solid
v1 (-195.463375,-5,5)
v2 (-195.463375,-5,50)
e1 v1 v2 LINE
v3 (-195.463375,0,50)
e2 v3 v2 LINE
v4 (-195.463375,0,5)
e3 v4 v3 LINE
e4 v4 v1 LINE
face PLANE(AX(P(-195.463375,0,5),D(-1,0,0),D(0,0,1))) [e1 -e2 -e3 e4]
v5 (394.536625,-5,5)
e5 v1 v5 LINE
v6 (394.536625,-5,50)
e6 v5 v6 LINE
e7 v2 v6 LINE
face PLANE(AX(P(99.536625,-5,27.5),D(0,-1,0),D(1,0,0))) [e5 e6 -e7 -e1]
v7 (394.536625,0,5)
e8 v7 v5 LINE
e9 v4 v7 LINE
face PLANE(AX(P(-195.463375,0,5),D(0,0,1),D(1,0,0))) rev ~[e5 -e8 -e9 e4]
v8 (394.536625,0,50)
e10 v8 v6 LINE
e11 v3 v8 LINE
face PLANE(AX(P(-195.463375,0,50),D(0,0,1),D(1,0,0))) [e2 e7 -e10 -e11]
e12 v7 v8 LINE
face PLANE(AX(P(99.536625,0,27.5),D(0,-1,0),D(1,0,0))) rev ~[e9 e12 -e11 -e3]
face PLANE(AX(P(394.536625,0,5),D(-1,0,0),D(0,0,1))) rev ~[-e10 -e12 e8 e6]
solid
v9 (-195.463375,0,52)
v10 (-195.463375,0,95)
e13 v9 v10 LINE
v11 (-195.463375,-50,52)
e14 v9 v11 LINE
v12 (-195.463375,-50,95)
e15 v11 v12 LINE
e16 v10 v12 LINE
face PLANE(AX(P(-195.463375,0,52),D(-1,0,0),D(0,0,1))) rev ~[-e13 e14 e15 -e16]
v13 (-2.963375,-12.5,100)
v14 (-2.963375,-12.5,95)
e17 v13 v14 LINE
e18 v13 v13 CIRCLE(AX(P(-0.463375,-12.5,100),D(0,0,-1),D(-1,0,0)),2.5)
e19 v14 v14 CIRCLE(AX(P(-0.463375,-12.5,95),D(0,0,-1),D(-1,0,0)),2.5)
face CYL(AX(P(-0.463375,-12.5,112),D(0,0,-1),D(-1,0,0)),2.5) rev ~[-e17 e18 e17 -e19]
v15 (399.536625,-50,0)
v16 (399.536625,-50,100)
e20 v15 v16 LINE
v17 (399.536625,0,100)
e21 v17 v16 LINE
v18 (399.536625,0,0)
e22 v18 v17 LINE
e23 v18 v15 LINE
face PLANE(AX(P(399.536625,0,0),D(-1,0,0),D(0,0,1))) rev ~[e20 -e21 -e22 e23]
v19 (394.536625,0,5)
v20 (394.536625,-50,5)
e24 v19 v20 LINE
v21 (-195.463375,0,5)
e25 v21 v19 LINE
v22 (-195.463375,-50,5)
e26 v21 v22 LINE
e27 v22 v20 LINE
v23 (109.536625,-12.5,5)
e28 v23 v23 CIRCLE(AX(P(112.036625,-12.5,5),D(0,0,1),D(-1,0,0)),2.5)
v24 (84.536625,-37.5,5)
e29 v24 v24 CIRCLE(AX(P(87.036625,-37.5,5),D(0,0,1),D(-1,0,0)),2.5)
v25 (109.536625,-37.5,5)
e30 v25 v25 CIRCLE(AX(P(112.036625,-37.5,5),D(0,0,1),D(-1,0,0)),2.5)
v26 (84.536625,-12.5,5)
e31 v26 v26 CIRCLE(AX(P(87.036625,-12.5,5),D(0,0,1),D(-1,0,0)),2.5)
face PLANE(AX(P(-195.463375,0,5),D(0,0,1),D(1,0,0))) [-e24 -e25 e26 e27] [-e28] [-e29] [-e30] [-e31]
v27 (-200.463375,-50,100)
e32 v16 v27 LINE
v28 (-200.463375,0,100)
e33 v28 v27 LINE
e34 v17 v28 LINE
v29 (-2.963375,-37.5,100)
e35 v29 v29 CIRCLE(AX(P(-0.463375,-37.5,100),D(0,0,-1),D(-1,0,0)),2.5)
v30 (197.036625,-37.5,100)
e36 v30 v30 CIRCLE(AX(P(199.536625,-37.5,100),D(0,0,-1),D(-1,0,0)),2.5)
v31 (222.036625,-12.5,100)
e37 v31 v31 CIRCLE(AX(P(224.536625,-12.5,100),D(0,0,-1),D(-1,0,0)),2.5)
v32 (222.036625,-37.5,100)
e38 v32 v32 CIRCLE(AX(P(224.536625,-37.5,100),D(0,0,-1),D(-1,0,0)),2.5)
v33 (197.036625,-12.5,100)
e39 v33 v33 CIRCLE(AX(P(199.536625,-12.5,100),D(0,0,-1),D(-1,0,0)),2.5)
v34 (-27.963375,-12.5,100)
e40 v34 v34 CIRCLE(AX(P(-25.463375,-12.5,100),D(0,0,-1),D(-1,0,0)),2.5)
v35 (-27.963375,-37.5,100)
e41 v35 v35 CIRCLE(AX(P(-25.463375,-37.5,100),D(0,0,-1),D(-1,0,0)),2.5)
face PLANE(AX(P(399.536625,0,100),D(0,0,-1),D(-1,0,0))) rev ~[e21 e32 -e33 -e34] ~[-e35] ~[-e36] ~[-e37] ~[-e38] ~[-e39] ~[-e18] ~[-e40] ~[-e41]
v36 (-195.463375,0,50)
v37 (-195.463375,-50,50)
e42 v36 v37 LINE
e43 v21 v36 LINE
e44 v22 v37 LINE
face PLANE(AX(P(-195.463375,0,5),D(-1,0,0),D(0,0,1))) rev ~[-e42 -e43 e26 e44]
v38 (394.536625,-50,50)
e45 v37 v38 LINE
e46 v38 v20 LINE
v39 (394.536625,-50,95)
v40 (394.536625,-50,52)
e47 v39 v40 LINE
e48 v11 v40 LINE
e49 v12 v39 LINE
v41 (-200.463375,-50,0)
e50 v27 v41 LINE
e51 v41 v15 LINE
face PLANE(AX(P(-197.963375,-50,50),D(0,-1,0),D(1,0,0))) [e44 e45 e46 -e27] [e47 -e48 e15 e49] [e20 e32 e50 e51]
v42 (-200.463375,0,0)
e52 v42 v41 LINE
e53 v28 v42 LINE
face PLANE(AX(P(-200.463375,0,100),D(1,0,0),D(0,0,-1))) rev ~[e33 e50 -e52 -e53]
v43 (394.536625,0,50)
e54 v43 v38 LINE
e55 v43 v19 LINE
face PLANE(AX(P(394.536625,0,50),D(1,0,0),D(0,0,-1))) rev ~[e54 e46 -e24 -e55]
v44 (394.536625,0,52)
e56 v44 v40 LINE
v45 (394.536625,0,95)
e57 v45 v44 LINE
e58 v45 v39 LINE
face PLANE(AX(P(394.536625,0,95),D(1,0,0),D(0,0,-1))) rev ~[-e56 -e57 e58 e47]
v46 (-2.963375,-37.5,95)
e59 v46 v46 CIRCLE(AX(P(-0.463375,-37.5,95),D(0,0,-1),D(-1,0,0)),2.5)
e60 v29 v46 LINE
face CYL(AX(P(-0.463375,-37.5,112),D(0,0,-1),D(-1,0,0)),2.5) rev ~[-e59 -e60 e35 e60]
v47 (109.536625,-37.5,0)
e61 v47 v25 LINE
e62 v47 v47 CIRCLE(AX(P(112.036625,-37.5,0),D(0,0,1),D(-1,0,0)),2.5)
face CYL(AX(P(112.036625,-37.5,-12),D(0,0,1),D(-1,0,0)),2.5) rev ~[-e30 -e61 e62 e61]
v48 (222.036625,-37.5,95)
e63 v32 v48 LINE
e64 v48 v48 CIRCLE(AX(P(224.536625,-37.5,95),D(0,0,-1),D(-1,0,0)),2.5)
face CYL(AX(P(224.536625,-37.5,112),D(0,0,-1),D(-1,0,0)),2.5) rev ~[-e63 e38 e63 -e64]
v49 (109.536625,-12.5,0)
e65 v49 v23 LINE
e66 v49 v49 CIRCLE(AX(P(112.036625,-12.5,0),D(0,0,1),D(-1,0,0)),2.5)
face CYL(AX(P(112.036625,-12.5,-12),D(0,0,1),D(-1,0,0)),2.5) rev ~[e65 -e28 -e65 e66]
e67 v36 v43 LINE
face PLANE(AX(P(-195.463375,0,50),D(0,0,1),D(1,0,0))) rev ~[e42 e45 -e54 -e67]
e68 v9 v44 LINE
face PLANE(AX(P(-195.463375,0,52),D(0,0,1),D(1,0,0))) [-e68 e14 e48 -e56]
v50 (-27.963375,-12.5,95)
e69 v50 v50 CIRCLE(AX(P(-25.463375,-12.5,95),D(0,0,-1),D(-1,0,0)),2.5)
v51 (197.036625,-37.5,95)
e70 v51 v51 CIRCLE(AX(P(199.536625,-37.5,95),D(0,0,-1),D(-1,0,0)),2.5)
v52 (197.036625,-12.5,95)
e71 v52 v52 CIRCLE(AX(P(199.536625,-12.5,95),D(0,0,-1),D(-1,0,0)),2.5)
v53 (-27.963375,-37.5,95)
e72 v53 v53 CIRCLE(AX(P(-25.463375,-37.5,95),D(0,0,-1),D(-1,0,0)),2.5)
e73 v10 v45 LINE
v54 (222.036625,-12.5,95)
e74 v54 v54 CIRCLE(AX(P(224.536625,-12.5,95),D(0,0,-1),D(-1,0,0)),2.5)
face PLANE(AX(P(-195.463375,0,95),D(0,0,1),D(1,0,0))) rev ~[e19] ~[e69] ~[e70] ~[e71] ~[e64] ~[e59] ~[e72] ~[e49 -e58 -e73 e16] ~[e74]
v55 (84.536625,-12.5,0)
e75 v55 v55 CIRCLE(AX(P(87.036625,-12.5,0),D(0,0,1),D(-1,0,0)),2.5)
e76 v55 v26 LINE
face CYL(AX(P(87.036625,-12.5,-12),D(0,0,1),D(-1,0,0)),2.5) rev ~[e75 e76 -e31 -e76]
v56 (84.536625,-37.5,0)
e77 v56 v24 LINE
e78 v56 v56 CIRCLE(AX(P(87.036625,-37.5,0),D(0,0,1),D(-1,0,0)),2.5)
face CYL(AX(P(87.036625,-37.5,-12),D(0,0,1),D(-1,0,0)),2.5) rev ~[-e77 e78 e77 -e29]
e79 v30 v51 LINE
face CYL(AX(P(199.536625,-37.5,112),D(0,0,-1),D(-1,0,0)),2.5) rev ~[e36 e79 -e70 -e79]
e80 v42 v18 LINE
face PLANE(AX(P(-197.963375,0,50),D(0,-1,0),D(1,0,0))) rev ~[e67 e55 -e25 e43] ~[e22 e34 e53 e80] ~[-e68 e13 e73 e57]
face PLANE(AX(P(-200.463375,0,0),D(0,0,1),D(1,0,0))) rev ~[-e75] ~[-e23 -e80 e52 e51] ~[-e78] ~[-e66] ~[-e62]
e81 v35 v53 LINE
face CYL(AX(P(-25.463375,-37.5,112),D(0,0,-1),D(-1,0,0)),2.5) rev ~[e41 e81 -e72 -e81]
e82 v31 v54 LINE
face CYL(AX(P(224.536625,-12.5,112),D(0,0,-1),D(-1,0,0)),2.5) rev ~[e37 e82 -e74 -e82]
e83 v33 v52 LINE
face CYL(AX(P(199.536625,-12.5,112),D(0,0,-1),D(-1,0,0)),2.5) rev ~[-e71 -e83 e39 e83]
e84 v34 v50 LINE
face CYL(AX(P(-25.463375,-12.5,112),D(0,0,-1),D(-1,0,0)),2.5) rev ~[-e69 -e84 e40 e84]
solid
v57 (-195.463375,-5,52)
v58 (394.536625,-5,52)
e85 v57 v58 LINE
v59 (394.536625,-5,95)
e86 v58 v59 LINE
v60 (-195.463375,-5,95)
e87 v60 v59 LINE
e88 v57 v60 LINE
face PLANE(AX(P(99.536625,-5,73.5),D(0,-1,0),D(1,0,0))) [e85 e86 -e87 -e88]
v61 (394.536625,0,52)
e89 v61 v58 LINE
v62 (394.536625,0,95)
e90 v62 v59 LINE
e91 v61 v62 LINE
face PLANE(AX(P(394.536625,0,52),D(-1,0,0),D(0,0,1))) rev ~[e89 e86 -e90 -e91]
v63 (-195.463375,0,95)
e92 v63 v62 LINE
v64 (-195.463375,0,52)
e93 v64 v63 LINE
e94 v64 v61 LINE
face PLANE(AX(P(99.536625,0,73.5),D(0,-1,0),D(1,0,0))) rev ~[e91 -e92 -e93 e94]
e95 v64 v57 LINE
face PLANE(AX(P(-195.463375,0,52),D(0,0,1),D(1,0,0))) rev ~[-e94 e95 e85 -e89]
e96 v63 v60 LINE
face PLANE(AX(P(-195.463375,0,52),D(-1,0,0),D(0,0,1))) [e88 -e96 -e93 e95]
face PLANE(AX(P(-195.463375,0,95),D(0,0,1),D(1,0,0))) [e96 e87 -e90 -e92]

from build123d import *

# Parameters (mm, degrees)
F0_W     = 590
F0_H     = 45
F1_DEPTH = 5
F0_H_2   = 43
F0_H_3   = 5
F0_H_4   = 2
F2_DEPTH = 50
F4_D     = 5
F4_DEPTH = 12
F4_TIP   = 1.5021515476
F6_D     = 5
F6_DEPTH = 12
F6_TIP   = 1.5021515476


with BuildPart() as f1:
    # F0 (on Front) → F1 (new body)
    with BuildSketch(Plane.XZ):
        with Locations((99.536625368, 27.5)):
            Rectangle(F0_W, F0_H)
    extrude(amount=F1_DEPTH)


with BuildPart() as f1b:
    # F0 (on Front) → F1, piece 2 (new body)
    with BuildSketch(Plane.XZ):
        with Locations((99.536625368, 73.5)):
            Rectangle(F0_W, F0_H_2)
    extrude(amount=F1_DEPTH)


with BuildPart() as f2:
    # F0 (on Front) → F2 (new body)
    with BuildSketch(Plane.XZ):
        Polygon((-200.463374632, 100), (-200.463374632, 0), (-195.463374632, 0), (-195.463374632, 5), (-195.463374632, 50), (-195.463374632, 52), (-195.463374632, 95), (-195.463374632, 100), align=None)
        with Locations((99.536625368, 2.5)):
            Rectangle(F0_W, F0_H_3)
        with Locations((99.536625368, 51)):
            Rectangle(F0_W, F0_H_4)
        with Locations((99.536625368, 97.5)):
            Rectangle(F0_W, F0_H_3)
        Polygon((394.536625368, 5), (394.536625368, 0), (399.536625368, 0), (399.536625368, 100), (394.536625368, 100), (394.536625368, 95), (394.536625368, 52), (394.536625368, 50), align=None)
    extrude(amount=F2_DEPTH)

    # F4
    with Locations(Plane(origin=(0, 0, 0), x_dir=(1, 0, 0), z_dir=(0, 0, -1))):
        with Locations((87.036625368, 37.5), (112.036625368, 37.5), (112.036625368, 12.5), (87.036625368, 12.5)):
            Hole(F4_D / 2, depth=F4_DEPTH)
            with Locations((0, 0, -(F4_DEPTH + F4_TIP / 2))):  # 118° drill point
                Cone(0, F4_D / 2, F4_TIP, mode=Mode.SUBTRACT)

    # F6
    with Locations(Plane.XY.offset(100)):
        with Locations((199.536625368, -12.5), (224.536625368, -12.5), (224.536625368, -37.5), (199.536625368, -37.5), (-25.463374632, -12.5), (-0.463374632, -12.5), (-0.463374632, -37.5), (-25.463374632, -37.5)):
            Hole(F6_D / 2, depth=F6_DEPTH)
            with Locations((0, 0, -(F6_DEPTH + F6_TIP / 2))):  # 118° drill point
                Cone(0, F6_D / 2, F6_TIP, mode=Mode.SUBTRACT)


solid = Compound([f1.part, f1b.part, f2.part])
